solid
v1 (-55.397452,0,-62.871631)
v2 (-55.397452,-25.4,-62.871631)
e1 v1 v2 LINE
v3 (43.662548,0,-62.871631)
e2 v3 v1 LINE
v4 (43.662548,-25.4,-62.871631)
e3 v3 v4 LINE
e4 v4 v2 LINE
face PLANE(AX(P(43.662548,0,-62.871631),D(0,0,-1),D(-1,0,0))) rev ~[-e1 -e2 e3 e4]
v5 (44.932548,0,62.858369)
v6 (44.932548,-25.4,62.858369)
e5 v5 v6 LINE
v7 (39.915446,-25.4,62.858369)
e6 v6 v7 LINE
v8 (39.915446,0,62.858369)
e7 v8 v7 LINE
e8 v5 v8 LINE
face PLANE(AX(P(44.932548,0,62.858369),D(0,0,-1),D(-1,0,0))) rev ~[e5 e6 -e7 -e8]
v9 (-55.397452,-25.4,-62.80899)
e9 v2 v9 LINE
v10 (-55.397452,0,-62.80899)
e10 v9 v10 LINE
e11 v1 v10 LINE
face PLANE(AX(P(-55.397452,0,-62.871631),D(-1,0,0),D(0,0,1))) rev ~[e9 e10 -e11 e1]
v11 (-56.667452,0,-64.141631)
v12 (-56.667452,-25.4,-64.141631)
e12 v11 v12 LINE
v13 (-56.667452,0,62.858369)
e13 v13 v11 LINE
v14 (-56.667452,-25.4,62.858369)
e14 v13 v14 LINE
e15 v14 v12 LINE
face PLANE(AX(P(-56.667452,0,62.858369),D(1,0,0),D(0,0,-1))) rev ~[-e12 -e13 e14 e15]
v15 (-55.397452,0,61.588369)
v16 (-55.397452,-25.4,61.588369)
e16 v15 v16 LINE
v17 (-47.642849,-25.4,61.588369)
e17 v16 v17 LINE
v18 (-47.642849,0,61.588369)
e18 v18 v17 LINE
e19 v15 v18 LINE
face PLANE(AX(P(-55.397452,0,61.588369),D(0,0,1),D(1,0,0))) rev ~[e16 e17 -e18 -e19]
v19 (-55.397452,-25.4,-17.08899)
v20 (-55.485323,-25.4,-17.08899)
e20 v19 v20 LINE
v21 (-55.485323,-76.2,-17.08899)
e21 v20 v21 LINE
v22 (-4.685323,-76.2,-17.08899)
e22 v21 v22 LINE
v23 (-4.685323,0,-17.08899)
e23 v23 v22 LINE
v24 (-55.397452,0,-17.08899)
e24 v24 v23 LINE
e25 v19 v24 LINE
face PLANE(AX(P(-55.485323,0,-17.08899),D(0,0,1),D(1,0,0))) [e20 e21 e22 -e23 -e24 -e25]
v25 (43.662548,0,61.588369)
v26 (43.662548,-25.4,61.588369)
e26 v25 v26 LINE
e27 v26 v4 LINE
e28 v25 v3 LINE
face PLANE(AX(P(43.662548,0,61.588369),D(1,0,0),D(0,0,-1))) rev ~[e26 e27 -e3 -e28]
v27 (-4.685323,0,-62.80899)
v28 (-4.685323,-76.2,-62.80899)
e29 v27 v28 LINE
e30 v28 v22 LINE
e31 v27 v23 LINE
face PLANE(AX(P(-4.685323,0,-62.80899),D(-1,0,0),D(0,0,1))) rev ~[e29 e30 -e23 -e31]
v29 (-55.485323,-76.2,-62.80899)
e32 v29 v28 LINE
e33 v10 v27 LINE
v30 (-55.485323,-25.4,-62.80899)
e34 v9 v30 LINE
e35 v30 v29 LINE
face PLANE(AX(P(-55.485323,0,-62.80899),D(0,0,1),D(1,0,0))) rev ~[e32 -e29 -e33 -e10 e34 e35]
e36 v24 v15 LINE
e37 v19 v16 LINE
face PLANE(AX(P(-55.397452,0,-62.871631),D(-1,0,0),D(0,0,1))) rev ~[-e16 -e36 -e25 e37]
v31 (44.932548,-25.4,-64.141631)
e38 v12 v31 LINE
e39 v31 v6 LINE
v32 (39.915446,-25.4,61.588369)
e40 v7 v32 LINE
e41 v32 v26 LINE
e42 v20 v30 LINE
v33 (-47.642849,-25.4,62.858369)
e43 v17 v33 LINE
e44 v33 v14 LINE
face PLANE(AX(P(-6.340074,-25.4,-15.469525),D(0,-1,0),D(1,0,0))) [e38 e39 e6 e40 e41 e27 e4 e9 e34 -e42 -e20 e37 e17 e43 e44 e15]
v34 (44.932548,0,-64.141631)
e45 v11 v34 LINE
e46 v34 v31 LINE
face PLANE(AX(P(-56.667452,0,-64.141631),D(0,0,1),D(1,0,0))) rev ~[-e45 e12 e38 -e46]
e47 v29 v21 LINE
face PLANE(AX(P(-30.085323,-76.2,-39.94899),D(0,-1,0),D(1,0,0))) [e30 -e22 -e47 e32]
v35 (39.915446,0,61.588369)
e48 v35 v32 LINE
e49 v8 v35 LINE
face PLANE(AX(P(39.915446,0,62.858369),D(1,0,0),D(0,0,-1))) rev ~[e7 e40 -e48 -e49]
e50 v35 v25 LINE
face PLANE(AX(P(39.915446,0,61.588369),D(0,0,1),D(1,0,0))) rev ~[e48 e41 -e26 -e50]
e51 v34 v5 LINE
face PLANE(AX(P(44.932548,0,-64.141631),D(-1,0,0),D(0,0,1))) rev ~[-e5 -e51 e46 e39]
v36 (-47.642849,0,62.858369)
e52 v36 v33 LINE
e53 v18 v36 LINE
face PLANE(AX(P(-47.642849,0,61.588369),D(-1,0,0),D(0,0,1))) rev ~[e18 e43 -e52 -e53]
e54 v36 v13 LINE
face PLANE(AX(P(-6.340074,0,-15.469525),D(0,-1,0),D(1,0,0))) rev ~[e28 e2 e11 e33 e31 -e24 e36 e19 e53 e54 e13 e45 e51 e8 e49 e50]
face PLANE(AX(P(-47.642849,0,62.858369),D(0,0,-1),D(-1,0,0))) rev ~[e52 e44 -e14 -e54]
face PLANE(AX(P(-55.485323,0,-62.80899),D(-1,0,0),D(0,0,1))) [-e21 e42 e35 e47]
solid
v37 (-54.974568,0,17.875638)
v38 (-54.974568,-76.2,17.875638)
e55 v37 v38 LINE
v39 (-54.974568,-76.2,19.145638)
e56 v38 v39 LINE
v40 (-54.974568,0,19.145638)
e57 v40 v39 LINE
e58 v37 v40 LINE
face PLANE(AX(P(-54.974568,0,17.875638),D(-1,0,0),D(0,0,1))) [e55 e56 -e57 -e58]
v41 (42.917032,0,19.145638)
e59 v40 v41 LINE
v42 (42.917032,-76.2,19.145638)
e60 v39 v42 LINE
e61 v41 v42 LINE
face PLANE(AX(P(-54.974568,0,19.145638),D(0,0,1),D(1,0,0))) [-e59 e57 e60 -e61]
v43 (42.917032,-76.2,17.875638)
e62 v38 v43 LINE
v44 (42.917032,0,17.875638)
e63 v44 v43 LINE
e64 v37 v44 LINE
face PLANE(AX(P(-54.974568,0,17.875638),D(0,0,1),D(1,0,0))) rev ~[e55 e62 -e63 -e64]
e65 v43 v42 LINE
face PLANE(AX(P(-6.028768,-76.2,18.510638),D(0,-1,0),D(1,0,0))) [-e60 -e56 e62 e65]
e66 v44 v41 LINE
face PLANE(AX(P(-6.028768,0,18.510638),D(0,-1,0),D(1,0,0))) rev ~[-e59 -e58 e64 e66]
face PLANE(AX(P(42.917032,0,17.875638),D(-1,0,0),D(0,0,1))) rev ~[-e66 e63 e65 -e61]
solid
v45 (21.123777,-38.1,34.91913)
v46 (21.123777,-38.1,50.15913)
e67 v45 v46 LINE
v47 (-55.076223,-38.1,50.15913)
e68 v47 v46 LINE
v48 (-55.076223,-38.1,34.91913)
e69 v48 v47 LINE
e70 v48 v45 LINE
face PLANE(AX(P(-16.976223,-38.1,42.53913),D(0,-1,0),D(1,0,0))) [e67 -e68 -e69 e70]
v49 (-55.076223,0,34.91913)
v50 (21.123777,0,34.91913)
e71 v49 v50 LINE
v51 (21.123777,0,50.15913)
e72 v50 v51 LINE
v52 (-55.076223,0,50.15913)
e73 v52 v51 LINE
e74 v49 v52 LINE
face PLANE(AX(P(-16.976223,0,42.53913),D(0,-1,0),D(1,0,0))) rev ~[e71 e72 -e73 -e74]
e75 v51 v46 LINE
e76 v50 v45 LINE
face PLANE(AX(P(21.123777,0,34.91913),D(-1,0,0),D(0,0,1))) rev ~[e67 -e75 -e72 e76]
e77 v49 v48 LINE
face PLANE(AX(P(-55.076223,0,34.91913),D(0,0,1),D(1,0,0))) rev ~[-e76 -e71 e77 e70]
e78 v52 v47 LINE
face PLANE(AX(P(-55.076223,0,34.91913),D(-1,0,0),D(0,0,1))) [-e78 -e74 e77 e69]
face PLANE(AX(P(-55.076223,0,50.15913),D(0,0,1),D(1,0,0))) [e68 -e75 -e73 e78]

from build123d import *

# Parameters (mm, degrees)
F2_DEPTH = 25.4
F1_W     = 50.8
F1_H     = 45.72
F3_DEPTH = 76.2
F4_W     = 97.8916
F4_H     = 1.27
F5_DEPTH = 76.2
F6_W     = 76.2
F6_H     = 15.24
F7_DEPTH = 38.1


with BuildPart() as f2:
    # F0 (on Front) → F2 (new body)
    with BuildSketch(Plane.XZ):
        Polygon((-47.642849, 62.858369), (-56.667452, 62.858369), (-56.667452, -64.141631), (44.932548, -64.141631), (44.932548, 62.858369), (39.915446, 62.858369), (39.915446, 61.588369), (43.662548, 61.588369), (43.662548, -62.871631), (-55.397452, -62.871631), (-55.397452, 61.588369), (-47.642849, 61.588369), align=None)
    extrude(amount=F2_DEPTH)

    # F1 (on Front) → F3 (join)
    with BuildSketch(Plane.XZ):
        with Locations((-30.085323, -39.94899)):
            Rectangle(F1_W, F1_H)
    extrude(amount=F3_DEPTH)


with BuildPart() as f5:
    # F4 (on Front) → F5 (new body)
    with BuildSketch(Plane.XZ):
        with Locations((-6.028768, 18.510638)):
            Rectangle(F4_W, F4_H)
    extrude(amount=F5_DEPTH)


with BuildPart() as f7:
    # F6 (on Front) → F7 (new body)
    with BuildSketch(Plane.XZ):
        with Locations((-16.976223, 42.53913)):
            Rectangle(F6_W, F6_H)
    extrude(amount=F7_DEPTH)


solid = Compound([f2.part, f5.part, f7.part])
